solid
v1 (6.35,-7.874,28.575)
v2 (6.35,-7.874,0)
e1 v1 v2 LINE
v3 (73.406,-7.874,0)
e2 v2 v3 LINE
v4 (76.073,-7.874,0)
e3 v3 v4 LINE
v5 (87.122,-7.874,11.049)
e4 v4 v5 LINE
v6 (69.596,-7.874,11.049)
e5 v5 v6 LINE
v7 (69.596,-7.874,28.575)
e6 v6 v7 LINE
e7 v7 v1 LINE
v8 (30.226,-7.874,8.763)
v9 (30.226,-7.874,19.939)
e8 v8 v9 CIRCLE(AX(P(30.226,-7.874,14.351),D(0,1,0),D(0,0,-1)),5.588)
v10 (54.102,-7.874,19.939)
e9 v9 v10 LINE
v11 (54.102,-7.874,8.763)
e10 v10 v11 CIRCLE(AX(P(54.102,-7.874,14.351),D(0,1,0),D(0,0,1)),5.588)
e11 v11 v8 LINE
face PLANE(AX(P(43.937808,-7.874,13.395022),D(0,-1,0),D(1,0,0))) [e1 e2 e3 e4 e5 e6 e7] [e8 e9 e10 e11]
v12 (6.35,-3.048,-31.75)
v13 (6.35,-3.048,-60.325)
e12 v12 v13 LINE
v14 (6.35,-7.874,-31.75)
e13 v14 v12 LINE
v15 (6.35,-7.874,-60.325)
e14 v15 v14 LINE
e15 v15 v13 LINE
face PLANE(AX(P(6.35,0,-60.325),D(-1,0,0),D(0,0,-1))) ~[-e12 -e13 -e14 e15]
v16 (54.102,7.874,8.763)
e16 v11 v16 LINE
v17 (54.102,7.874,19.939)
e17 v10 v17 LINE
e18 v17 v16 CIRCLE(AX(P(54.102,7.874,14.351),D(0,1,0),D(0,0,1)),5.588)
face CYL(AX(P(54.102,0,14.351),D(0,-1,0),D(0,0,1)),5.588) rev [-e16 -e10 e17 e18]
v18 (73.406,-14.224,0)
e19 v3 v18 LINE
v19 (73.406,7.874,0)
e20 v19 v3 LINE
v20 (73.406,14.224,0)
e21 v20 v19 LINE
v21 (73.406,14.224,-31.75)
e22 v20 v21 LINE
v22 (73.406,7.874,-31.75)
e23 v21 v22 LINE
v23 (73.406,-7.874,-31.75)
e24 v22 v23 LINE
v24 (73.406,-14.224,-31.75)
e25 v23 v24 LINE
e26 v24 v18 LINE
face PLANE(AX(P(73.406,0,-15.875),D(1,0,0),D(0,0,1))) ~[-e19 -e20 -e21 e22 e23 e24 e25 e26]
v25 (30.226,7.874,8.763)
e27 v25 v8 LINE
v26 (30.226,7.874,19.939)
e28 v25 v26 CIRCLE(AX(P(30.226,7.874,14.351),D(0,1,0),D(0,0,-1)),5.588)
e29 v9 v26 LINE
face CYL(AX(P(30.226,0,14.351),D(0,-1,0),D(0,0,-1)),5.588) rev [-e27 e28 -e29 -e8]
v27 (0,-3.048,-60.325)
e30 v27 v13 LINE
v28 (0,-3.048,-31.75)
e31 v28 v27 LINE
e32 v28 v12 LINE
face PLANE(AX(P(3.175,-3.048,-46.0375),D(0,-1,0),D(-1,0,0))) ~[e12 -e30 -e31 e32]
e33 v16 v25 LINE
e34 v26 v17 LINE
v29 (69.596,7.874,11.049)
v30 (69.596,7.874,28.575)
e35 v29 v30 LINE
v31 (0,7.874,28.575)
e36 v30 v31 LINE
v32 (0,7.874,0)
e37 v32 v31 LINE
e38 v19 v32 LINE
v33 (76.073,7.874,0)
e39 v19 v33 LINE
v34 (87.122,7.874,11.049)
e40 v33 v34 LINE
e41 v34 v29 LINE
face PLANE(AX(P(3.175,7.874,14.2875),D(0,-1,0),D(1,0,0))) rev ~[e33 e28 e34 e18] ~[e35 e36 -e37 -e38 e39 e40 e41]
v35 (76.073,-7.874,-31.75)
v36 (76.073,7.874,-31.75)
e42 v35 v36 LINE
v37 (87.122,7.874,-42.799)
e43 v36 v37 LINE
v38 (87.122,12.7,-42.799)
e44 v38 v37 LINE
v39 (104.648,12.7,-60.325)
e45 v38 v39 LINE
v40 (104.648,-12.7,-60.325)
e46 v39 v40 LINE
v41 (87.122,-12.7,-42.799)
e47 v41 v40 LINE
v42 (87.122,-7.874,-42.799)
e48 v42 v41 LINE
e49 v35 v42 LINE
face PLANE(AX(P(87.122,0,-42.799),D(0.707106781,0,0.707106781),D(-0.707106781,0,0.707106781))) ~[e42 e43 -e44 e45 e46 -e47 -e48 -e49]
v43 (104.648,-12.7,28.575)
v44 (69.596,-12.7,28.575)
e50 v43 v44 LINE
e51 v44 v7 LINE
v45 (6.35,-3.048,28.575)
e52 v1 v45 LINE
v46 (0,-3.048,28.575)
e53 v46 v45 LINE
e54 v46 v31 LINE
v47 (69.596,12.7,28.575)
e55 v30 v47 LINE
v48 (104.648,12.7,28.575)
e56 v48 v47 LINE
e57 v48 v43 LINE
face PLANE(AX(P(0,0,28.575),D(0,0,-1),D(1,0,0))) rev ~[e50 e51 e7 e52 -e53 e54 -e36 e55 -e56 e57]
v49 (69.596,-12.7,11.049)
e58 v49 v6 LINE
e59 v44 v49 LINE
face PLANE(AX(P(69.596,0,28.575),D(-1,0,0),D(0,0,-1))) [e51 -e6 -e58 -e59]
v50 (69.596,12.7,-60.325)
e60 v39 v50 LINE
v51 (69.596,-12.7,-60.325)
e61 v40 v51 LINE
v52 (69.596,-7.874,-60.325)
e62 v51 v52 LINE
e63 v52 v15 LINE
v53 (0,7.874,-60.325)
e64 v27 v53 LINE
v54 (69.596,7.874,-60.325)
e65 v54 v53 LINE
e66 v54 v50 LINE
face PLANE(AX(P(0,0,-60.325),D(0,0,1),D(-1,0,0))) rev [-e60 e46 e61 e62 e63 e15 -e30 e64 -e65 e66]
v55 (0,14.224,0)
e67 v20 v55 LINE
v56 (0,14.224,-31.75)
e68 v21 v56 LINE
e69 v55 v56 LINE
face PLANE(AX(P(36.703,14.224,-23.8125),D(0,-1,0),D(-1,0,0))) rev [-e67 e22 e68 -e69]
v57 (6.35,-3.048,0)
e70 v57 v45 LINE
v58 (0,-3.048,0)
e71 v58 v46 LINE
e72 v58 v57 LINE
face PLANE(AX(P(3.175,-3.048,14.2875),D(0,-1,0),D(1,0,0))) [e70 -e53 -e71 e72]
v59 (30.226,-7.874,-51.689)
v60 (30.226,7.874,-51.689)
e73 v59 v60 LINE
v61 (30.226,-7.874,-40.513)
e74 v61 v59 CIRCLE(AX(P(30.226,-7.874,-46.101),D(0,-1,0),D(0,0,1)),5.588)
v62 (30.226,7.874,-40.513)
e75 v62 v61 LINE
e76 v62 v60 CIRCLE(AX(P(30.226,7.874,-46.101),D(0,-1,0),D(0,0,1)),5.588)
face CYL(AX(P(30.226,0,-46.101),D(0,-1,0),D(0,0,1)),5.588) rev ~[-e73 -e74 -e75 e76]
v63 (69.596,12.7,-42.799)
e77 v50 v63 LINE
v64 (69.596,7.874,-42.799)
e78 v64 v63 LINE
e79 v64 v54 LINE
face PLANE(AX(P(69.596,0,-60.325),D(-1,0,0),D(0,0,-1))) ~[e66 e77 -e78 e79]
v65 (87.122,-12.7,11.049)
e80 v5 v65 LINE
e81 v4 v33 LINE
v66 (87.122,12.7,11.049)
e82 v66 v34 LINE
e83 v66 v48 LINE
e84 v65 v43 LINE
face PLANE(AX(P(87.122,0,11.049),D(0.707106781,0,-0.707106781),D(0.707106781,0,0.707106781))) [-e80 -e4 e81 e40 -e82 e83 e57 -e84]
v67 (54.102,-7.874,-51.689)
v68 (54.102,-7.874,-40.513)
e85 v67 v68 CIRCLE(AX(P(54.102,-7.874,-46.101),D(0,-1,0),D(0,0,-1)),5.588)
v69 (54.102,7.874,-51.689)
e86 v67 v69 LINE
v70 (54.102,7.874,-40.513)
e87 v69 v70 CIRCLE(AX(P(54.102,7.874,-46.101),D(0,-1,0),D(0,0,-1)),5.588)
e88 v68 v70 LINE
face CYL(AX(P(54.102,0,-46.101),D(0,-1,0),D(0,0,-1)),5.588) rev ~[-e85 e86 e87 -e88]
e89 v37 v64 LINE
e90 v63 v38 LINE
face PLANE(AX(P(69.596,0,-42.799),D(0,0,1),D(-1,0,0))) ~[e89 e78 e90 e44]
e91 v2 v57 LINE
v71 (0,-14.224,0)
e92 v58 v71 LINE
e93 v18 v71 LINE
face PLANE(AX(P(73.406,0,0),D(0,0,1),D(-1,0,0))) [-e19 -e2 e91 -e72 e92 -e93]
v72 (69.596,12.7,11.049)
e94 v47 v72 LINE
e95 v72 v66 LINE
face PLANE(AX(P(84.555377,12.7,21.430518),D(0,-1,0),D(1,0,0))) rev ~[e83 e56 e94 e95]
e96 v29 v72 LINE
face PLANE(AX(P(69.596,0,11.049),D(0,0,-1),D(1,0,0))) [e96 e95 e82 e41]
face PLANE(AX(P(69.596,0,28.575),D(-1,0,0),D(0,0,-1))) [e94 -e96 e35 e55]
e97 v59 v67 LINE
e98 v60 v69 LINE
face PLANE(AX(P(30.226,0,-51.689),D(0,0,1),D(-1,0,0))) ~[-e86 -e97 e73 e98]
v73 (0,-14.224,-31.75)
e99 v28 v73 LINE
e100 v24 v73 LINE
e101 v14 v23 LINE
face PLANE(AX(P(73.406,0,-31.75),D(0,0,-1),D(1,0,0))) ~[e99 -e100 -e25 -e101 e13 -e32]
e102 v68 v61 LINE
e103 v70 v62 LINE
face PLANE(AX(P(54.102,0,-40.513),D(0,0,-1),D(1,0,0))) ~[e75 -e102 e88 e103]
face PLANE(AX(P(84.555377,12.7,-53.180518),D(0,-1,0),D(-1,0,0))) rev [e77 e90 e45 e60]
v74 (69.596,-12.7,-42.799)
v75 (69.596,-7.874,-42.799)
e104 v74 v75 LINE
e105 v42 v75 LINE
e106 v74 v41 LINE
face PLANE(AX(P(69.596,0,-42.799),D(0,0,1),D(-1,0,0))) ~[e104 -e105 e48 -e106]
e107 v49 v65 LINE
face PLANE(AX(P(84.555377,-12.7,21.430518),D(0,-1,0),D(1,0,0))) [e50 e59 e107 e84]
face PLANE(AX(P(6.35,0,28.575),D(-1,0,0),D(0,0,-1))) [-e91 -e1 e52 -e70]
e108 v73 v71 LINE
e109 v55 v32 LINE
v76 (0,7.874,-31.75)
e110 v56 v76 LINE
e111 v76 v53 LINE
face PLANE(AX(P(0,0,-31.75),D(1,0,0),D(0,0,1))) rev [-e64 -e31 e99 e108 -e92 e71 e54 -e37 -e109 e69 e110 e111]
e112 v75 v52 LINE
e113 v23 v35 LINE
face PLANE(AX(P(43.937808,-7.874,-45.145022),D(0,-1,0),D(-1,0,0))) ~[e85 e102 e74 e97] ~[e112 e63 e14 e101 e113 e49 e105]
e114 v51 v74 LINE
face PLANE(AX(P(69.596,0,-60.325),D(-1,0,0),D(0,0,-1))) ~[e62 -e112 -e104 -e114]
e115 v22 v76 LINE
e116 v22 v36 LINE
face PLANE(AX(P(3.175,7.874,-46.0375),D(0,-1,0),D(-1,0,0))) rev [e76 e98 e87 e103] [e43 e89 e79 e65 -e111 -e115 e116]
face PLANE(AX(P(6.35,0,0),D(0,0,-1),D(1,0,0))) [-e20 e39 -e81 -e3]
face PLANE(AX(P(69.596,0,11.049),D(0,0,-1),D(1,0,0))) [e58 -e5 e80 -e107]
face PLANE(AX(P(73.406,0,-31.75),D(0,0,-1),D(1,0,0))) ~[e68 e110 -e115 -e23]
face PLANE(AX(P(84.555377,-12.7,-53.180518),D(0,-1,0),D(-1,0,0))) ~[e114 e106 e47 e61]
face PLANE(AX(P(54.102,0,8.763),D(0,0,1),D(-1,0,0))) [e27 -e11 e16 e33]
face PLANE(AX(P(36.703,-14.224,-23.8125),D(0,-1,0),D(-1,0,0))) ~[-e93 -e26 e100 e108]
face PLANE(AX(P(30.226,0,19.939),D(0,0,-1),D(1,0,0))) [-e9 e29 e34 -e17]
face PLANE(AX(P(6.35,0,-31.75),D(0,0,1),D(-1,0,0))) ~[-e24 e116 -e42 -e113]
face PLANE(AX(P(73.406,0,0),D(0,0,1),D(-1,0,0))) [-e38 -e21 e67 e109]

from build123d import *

# Parameters (mm, degrees)
F1_DEPTH      = 14.224
F2_DEPTH      = 7.874
F3_DEPTH      = 12.7
F0_W          = 6.35
F0_H          = 28.575
F4_DEPTH      = 3.048
F4_DEPTH_BACK = 7.874


with BuildPart() as f1:
    # F0 (on Front) → F1 (new body, symmetric)
    with BuildSketch(Plane.XZ):
        Polygon((73.406, -15.875), (73.406, 0), (6.35, 0), (0, 0), (0, -15.875), align=None)
    extrude(amount=F1_DEPTH, both=True)

    # F0 (on Front) → F2 (join, symmetric)
    with BuildSketch(Plane.XZ):
        Polygon((73.406, 0), (76.073, 0), (87.122, 11.049), (69.596, 11.049), (69.596, 28.575), (6.35, 28.575), (6.35, 0), align=None)
        with BuildLine():
            ThreePointArc((30.226, 8.763), (24.638, 14.351), (30.226, 19.939))
            Line((30.226, 19.939), (54.102, 19.939))
            ThreePointArc((54.102, 19.939), (59.69, 14.351), (54.102, 8.763))
            Line((54.102, 8.763), (30.226, 8.763))
        make_face(mode=Mode.SUBTRACT)
    extrude(amount=F2_DEPTH, both=True)

    # F0 (on Front) → F3 (join, symmetric)
    with BuildSketch(Plane.XZ):
        Polygon((69.596, 11.049), (87.122, 11.049), (104.648, 28.575), (69.596, 28.575), align=None)
    extrude(amount=F3_DEPTH, both=True)

    # F0 (on Front) → F4 (join, two sides)
    with BuildSketch(Plane.XZ) as f4_sk:
        with Locations((3.175, 14.2875)):
            Rectangle(F0_W, F0_H)
    extrude(amount=F4_DEPTH)
    extrude(f4_sk.sketch, amount=-F4_DEPTH_BACK)

    # F5: F1 across face


with BuildPart() as f1_1:
    add(f1.part)
    add(f1.part.mirror(Plane(origin=(36.703, 0, -15.875), x_dir=(1, 0, 0), z_dir=(0, 0, -1))))


solid = f1_1.part
